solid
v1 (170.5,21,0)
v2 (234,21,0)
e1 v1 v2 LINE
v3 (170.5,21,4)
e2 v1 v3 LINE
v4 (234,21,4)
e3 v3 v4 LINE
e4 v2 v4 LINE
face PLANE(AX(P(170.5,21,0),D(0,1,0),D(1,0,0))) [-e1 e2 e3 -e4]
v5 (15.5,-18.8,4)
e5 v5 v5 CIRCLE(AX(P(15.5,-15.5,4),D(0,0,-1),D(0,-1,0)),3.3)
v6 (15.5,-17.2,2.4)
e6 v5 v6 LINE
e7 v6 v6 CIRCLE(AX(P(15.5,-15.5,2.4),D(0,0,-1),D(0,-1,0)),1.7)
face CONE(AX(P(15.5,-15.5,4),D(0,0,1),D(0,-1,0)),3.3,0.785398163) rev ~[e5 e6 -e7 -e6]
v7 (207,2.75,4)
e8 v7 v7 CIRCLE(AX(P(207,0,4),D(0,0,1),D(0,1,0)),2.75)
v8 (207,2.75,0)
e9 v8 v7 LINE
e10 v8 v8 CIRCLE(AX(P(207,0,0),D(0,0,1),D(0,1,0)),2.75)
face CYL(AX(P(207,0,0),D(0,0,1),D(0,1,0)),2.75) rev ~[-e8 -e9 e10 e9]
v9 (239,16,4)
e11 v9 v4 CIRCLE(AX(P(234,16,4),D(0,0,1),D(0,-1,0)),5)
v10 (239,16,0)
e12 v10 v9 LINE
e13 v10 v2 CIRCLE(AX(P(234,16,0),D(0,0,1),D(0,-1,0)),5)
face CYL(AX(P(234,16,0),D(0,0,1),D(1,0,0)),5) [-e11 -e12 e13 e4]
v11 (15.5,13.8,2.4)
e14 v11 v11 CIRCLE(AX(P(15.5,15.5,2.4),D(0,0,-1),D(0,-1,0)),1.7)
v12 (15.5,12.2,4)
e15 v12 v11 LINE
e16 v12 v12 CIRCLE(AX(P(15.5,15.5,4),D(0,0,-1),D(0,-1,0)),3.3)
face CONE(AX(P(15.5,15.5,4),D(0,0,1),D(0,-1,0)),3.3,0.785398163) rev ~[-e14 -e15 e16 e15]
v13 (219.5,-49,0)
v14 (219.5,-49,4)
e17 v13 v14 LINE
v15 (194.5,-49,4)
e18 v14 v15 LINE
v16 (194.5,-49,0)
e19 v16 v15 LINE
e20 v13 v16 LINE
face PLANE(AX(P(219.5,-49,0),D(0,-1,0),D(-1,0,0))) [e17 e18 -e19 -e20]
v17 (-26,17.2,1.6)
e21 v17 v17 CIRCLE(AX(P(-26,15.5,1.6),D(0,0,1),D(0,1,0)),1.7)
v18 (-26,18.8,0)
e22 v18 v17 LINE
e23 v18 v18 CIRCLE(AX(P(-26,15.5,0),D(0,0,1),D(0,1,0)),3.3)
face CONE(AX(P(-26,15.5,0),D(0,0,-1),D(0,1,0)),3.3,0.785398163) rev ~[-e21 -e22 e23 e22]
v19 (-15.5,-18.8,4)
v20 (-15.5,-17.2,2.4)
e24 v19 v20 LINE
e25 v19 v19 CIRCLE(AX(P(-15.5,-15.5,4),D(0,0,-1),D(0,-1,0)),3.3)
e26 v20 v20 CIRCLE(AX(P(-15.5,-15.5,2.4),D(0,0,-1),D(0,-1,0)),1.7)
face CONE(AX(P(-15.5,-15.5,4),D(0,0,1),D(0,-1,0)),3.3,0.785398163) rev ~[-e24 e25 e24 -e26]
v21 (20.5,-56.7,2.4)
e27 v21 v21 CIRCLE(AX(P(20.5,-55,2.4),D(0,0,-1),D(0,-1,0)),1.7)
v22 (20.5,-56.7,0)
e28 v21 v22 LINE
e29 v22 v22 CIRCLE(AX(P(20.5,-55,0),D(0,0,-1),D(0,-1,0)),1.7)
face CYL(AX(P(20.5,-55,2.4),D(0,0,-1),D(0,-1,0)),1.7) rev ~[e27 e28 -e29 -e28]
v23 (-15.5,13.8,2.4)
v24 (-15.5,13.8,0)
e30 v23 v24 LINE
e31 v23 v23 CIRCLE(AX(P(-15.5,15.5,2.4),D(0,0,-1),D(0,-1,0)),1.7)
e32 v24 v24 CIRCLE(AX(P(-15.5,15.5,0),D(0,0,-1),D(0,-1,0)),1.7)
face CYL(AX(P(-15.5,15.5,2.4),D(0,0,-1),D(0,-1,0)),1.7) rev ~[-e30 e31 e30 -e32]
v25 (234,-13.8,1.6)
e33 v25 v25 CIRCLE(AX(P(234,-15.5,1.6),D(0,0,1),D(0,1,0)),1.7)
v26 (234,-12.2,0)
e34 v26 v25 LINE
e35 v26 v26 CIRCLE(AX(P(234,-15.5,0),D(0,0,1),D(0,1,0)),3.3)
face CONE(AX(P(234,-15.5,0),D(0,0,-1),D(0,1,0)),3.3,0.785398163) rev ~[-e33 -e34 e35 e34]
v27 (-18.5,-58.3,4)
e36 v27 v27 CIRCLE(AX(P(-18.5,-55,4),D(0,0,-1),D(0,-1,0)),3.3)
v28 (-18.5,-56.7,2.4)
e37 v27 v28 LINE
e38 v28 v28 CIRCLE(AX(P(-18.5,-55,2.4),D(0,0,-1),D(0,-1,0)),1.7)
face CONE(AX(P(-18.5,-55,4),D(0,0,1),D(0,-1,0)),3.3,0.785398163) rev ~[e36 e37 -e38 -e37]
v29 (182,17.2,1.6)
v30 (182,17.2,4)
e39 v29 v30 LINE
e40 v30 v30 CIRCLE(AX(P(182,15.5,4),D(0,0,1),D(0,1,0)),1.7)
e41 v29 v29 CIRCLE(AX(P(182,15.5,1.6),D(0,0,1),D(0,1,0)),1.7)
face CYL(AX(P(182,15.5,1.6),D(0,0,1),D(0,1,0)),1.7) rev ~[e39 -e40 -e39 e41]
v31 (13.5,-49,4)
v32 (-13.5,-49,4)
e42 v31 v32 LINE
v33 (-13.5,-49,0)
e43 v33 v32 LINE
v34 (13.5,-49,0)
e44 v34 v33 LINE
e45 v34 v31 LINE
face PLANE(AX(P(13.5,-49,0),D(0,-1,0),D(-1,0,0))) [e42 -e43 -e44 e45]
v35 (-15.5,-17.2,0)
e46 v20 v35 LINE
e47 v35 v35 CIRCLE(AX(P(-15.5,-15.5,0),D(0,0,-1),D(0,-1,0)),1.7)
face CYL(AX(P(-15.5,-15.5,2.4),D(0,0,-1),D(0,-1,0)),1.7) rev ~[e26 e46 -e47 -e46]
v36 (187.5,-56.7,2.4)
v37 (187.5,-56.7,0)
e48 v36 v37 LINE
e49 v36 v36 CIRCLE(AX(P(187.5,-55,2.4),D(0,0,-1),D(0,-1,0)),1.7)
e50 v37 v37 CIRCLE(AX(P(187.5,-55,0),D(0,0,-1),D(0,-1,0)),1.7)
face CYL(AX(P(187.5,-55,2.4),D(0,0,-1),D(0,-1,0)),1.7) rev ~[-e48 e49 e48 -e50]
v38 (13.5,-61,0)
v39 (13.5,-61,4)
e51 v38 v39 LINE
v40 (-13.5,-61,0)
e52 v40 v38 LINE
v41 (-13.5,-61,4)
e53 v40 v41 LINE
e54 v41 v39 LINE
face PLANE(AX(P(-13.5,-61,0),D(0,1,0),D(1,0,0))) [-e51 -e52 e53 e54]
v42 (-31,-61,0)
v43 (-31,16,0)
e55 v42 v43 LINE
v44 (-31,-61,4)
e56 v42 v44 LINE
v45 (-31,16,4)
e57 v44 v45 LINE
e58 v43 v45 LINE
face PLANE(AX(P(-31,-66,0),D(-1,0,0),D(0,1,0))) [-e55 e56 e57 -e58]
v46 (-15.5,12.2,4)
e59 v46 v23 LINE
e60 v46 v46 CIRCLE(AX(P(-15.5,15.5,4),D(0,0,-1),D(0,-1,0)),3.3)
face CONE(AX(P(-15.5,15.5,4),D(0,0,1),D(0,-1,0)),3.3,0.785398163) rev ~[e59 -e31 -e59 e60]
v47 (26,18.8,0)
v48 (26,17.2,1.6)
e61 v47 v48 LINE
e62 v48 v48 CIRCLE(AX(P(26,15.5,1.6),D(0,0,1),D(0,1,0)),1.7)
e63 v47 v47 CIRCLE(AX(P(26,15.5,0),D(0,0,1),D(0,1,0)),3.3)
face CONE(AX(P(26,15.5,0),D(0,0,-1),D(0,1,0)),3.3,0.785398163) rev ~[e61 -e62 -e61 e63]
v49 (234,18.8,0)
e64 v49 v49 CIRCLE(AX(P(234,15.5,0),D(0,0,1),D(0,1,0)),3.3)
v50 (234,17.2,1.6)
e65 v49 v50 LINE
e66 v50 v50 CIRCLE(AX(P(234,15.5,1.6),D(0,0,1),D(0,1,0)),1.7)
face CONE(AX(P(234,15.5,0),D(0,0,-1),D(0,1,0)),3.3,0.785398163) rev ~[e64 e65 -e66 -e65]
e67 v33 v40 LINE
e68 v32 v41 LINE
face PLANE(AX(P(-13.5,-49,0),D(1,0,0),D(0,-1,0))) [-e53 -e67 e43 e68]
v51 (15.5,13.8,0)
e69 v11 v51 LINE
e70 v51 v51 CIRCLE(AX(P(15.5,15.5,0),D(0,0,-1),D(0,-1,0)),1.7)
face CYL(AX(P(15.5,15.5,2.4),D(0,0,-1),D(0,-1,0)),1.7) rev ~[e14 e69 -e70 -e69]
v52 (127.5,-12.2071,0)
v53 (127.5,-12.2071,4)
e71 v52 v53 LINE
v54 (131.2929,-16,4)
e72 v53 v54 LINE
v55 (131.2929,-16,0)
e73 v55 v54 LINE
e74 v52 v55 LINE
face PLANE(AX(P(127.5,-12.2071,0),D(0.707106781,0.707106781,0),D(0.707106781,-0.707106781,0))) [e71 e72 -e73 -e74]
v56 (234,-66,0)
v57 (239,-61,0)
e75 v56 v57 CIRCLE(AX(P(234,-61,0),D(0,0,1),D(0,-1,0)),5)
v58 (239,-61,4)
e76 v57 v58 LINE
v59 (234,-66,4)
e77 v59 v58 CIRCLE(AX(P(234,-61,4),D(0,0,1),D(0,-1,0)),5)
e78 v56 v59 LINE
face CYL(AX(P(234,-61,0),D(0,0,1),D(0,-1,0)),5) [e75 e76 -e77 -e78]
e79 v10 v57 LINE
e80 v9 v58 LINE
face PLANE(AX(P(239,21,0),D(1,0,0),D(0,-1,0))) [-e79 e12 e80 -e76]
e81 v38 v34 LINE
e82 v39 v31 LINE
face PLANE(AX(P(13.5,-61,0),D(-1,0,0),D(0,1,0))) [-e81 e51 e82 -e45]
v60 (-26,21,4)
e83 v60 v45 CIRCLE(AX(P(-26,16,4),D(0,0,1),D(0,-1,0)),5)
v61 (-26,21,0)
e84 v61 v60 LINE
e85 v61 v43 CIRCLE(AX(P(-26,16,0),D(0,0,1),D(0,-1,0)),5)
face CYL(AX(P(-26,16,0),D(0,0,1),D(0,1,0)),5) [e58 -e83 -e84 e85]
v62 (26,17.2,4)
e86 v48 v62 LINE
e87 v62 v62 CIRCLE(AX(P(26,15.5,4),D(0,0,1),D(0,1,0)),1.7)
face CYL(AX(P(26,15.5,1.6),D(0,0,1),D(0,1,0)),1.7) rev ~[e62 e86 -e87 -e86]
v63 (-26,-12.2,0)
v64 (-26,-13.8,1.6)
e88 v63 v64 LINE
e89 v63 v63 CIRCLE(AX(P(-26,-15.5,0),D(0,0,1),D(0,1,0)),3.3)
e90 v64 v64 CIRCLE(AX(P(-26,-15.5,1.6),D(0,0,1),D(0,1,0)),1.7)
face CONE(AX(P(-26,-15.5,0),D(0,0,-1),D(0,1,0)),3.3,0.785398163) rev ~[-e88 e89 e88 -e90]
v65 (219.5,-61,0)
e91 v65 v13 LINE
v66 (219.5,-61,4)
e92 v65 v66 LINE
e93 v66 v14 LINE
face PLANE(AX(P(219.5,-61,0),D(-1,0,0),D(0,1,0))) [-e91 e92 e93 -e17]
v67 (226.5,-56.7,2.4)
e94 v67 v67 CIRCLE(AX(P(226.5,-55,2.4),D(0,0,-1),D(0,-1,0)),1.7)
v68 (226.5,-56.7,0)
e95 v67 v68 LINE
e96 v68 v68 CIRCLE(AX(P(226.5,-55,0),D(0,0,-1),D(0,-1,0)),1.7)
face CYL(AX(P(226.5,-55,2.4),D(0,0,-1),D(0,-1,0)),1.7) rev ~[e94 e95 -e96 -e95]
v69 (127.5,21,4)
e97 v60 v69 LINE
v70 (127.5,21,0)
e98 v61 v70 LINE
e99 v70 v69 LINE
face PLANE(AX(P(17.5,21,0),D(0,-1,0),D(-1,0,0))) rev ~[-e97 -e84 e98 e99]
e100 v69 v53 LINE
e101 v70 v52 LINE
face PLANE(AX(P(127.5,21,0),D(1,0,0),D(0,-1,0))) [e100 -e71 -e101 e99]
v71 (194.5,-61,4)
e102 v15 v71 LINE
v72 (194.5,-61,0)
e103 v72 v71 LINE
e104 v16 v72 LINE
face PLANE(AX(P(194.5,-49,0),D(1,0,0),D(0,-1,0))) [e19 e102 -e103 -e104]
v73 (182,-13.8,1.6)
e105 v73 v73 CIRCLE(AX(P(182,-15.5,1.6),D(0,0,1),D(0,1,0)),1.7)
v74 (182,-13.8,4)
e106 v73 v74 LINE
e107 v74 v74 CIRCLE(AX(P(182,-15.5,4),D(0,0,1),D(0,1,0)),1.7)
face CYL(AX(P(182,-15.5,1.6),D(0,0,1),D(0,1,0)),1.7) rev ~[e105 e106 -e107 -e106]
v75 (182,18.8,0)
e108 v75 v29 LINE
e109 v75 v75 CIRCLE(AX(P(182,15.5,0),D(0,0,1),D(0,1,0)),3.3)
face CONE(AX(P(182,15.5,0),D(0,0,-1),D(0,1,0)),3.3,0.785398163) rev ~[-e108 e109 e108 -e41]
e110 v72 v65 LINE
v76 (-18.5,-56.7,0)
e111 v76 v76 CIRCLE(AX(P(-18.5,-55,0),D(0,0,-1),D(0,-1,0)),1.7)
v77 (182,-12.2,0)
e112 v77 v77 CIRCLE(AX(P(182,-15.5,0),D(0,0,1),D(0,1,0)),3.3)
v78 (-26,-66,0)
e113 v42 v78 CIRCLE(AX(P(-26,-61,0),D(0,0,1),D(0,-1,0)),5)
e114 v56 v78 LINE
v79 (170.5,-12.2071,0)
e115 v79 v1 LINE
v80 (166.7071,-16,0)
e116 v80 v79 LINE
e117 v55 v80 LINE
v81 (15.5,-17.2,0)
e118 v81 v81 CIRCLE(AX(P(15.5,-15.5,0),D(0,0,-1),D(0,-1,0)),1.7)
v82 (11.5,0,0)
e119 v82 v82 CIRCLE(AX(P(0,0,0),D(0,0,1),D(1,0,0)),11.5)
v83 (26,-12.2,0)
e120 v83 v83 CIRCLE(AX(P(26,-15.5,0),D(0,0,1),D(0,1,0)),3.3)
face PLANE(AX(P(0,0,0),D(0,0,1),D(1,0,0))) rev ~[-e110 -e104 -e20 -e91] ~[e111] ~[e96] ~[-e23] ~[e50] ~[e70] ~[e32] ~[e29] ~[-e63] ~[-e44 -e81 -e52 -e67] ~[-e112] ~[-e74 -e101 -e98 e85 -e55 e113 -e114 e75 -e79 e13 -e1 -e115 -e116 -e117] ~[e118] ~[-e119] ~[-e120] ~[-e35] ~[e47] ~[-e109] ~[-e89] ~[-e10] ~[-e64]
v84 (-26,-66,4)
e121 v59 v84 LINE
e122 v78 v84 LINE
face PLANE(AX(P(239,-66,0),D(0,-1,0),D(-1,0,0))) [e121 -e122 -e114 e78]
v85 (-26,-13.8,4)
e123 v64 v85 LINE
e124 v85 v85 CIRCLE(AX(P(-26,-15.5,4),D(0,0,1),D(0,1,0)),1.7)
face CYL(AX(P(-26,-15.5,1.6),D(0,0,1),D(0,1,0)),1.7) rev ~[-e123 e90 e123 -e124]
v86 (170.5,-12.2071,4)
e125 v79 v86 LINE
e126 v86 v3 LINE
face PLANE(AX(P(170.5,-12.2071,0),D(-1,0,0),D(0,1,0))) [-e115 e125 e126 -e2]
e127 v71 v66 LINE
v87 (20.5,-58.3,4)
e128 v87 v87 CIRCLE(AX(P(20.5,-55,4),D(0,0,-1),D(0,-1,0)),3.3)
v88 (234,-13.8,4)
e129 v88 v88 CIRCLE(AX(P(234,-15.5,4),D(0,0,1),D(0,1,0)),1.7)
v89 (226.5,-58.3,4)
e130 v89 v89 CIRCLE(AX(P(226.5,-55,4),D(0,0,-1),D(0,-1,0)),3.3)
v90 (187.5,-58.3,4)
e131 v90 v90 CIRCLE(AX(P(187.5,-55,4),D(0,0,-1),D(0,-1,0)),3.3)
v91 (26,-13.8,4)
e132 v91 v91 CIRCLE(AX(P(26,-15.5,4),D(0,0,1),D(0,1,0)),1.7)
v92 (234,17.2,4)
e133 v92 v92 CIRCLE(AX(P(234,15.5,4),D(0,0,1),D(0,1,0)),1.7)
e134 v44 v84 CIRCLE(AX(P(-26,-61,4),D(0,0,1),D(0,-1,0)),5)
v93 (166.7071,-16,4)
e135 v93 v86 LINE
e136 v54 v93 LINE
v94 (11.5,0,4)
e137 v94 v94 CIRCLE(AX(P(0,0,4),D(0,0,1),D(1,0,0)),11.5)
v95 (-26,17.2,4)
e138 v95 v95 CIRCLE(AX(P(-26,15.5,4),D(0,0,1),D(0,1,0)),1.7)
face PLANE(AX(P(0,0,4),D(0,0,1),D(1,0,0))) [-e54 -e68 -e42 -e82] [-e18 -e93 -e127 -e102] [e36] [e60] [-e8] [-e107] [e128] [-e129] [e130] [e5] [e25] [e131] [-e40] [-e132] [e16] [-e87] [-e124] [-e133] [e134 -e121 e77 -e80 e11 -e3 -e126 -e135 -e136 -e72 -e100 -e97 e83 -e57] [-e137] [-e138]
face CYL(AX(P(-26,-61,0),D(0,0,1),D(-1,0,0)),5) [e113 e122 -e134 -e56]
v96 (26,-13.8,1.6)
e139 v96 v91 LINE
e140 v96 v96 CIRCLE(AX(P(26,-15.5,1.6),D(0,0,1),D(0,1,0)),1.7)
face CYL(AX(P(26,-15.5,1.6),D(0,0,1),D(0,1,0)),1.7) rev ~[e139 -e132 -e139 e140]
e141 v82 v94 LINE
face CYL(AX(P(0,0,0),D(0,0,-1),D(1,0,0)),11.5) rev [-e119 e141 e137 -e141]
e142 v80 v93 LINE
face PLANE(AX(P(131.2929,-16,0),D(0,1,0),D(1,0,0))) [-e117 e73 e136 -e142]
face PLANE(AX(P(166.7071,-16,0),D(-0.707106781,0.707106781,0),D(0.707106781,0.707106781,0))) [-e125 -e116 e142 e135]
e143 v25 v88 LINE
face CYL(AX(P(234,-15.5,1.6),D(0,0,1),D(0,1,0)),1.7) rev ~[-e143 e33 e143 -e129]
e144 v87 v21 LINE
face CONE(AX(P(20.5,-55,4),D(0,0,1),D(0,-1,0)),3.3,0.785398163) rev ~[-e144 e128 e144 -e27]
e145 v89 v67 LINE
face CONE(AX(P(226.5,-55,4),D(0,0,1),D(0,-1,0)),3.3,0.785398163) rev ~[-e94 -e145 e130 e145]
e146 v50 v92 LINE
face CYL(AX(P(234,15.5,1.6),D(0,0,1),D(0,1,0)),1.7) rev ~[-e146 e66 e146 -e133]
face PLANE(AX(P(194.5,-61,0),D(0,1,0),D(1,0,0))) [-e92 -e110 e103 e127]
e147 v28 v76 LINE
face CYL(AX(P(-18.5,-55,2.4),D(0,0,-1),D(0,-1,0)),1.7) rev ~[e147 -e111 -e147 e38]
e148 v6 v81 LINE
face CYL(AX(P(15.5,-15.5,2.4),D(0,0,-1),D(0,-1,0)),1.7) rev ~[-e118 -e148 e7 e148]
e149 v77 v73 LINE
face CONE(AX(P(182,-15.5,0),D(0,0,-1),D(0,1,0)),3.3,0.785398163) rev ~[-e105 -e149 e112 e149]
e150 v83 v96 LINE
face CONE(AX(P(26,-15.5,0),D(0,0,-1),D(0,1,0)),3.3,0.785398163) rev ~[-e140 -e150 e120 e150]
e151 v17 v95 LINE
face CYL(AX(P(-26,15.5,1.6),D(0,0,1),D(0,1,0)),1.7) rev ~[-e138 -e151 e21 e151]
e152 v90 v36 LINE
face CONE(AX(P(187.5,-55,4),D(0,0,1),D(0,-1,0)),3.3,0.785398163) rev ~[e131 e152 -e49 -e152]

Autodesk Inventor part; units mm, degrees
ref_plane "YZ Plane" through (0, 0, 0) normal (1, 0, 0) x (0, 1, 0)
ref_plane "XZ Plane" through (0, 0, 0) normal (0, 1, 0) x (-1, 0, 0)
ref_plane "XY Plane" through (0, 0, 0) normal (0, 0, 1) x (1, 0, 0)
ref_plane "Work Plane1" through (0, 0, 0) normal (0, 0, 1) x (1, 0, 0)
sketch "Sketch1" plane through (0, 0, 0) normal (0, 0, 1) x (1, 0, 0)
  circle A0 centre (15.5, -15.5) radius 1.7 projected
  circle A1 centre (15.5, 15.5) radius 1.7 projected
  circle A2 centre (-15.5, 15.5) radius 1.7 projected
  circle A3 centre (-15.5, -15.5) radius 1.7 projected
  circle A4 centre (0, 0) radius 11 projected
  line L0 (17.5, 21) -> (21, 17.5) projected
  line L1 (17.5, 21) -> (-17.5, 21) projected
  line L2 (-21, 17.5) -> (-17.5, 21) projected
  line L3 (-21, 17.5) -> (-21, -17.5) projected
  line L4 (-17.5, -21) -> (-21, -17.5) projected
  line L5 (-17.5, -21) -> (17.5, -21) projected
  line L6 (21, -17.5) -> (17.5, -21) projected
  line L7 (21, -17.5) -> (21, 17.5) projected
  line L8 (-31, 21) -> (239, 21)
  line L9 (239, 21) -> (239, -66)
  line L10 (239, -66) -> (-31, -66)
  line L11 (-31, -66) -> (-31, 21)
  circle A5 centre (207, 0) radius 22 construction
  line L12 (0, 0) -> (239, 0) construction
  circle A6 centre (0, 0) radius 11.5
  line L13 (104, 21) -> (104, -66) construction
  line L14 (-15.5, 15.5) -> (-31, 15.5) construction
  line L15 (207, 0) -> (207, -66) construction
  line L16 (0, 0) -> (0, -66) construction
  line L17 (219.5, -49) -> (194.5, -49)
  line L18 (194.5, -49) -> (194.5, -61)
  line L19 (194.5, -61) -> (219.5, -61)
  line L20 (219.5, -61) -> (219.5, -49)
  line L21 (219.5, -49) -> (194.5, -61) construction
  line L22 (194.5, -49) -> (219.5, -61) construction
  line L23 (219.5, -55) -> (194.5, -55) construction
  line L24 (-13.5, -61) -> (13.5, -61)
  line L25 (13.5, -61) -> (13.5, -49)
  line L26 (13.5, -49) -> (-13.5, -49)
  line L27 (-13.5, -49) -> (-13.5, -61)
  line L28 (-13.5, -61) -> (13.5, -49) construction
  line L29 (13.5, -61) -> (-13.5, -49) construction
  line L30 (170, 23) -> (166.5, 26.5) projected
  line L31 (170, 23) -> (170, -12) projected
  line L32 (166.5, -15.5) -> (170, -12) projected
  line L33 (166.5, -15.5) -> (131.5, -15.5) projected
  line L34 (128, -12) -> (131.5, -15.5) projected
  line L35 (128, -12) -> (128, 23) projected
  line L36 (131.5, 26.5) -> (128, 23) projected
  line L37 (131.5, 26.5) -> (166.5, 26.5) projected
  line L38 (127.5, 23.2071) -> (127.5, -12.2071)
  line L39 (127.5, -12.2071) -> (131.2929, -16)
  line L40 (131.2929, -16) -> (166.7071, -16)
  line L41 (166.7071, -16) -> (170.5, -12.2071)
  line L42 (170.5, -12.2071) -> (170.5, 23.2071)
  line L43 (170.5, 23.2071) -> (166.7071, 27)
  line L44 (166.7071, 27) -> (131.2929, 27)
  line L45 (131.2929, 27) -> (127.5, 23.2071)
  point P0 (-26, 15.5)
  point P1 (-26, -15.5)
  point P2 (234, 15.5)
  point P3 (234, -15.5)
  point P4 (207, -55)
  point P5 (226.5, -55)
  point P6 (187.5, -55)
  point P7 (0, -55)
  point P8 (20.5, -55)
  point P9 (-18.5, -55)
  point P10 (26, 15.5)
  point P11 (26, -15.5)
  point P12 (182, 15.5)
  point P13 (182, -15.5)
  point P14 (170.5, 21)
  point P15 (127.5, 21)
  dimension "d0" = 45
  dimension "d1" = 270
  dimension "d2" = 44
  dimension "d3" = 0.5
  dimension "d21" = 10
  dimension "d22" = 32
  dimension "d23" = 5
  dimension "d31" = 25
  dimension "d32" = 12
  dimension "d33" = 5
  dimension "d34" = 7
  dimension "d42" = 0.5
extrude "Extrusion1" add sketch "Sketch1" along normal blind 4 contours A0 | A1 | A2 | A3 | L8 L38 L39 L40 L41 L42 L9 L10 L11 L2 L3 L4 L5 L6 L7 L0 | L0 L7 L6 L5 L4 L3 L2 L1
hole "Hole1" at (207, 0, 0) direction (0, 0, 1) diameter 5.5 end through all clearance for "Countersunk Head GOST 12876-67" size "M5" standard "GOST"
sketch "Sketch2" plane through (0, 0, 4) normal (0, 0, 1) x (1, 0, 0)
  circle A0 centre (15.5, -15.5) radius 1.7 projected
  circle A1 centre (15.5, 15.5) radius 1.7 projected
  circle A2 centre (-15.5, 15.5) radius 1.7 projected
  circle A3 centre (-15.5, -15.5) radius 1.7 projected
  circle A4 centre (0, 0) radius 11 projected
  line L0 (17.5, 21) -> (21, 17.5) projected
  line L1 (17.5, 21) -> (-17.5, 21) projected
  line L2 (-21, 17.5) -> (-17.5, 21) projected
  line L3 (-21, 17.5) -> (-21, -17.5) projected
  line L4 (-17.5, -21) -> (-21, -17.5) projected
  line L5 (-17.5, -21) -> (17.5, -21) projected
  line L6 (21, -17.5) -> (17.5, -21) projected
  line L7 (21, -17.5) -> (21, 17.5) projected
  point P0 (-18.5, -55)
  point P1 (20.5, -55)
  point P2 (187.5, -55)
  point P3 (226.5, -55)
hole "Hole2" at (-15.5, -15.5, 4) at (-15.5, 15.5, 4) at (15.5, 15.5, 4) at (15.5, -15.5, 4) direction (0, 0, -1) diameter 3.4 end through all countersink diameter 6.6 countersink angle 90 clearance for "Countersunk Head GOST 12876-67" size "M3" standard "GOST"
fillet "Fillet1" radius 5 4 edges at (-31, 21, 2) (-31, -66, 2) (239, 21, 2) (239, -66, 2)
hole "Hole3" at (-26, -15.5, 0) at (-26, 15.5, 0) at (234, 15.5, 0) at (234, -15.5, 0) at (26, 15.5, 0) at (26, -15.5, 0) at (182, -15.5, 0) at (182, 15.5, 0) direction (0, 0, 1) diameter 3.4 end through all countersink diameter 6.6 countersink angle 90 clearance for "Countersunk Head GOST 12876-67" size "M3" standard "GOST"
hole "Hole4" at (-18.5, -55, 4) at (20.5, -55, 4) at (187.5, -55, 4) at (226.5, -55, 4) direction (0, 0, -1) diameter 3.4 end through all countersink diameter 6.6 countersink angle 90 clearance for "Countersunk Head GOST 12876-67" size "M3" standard "GOST"
properties part number "plate_1"
